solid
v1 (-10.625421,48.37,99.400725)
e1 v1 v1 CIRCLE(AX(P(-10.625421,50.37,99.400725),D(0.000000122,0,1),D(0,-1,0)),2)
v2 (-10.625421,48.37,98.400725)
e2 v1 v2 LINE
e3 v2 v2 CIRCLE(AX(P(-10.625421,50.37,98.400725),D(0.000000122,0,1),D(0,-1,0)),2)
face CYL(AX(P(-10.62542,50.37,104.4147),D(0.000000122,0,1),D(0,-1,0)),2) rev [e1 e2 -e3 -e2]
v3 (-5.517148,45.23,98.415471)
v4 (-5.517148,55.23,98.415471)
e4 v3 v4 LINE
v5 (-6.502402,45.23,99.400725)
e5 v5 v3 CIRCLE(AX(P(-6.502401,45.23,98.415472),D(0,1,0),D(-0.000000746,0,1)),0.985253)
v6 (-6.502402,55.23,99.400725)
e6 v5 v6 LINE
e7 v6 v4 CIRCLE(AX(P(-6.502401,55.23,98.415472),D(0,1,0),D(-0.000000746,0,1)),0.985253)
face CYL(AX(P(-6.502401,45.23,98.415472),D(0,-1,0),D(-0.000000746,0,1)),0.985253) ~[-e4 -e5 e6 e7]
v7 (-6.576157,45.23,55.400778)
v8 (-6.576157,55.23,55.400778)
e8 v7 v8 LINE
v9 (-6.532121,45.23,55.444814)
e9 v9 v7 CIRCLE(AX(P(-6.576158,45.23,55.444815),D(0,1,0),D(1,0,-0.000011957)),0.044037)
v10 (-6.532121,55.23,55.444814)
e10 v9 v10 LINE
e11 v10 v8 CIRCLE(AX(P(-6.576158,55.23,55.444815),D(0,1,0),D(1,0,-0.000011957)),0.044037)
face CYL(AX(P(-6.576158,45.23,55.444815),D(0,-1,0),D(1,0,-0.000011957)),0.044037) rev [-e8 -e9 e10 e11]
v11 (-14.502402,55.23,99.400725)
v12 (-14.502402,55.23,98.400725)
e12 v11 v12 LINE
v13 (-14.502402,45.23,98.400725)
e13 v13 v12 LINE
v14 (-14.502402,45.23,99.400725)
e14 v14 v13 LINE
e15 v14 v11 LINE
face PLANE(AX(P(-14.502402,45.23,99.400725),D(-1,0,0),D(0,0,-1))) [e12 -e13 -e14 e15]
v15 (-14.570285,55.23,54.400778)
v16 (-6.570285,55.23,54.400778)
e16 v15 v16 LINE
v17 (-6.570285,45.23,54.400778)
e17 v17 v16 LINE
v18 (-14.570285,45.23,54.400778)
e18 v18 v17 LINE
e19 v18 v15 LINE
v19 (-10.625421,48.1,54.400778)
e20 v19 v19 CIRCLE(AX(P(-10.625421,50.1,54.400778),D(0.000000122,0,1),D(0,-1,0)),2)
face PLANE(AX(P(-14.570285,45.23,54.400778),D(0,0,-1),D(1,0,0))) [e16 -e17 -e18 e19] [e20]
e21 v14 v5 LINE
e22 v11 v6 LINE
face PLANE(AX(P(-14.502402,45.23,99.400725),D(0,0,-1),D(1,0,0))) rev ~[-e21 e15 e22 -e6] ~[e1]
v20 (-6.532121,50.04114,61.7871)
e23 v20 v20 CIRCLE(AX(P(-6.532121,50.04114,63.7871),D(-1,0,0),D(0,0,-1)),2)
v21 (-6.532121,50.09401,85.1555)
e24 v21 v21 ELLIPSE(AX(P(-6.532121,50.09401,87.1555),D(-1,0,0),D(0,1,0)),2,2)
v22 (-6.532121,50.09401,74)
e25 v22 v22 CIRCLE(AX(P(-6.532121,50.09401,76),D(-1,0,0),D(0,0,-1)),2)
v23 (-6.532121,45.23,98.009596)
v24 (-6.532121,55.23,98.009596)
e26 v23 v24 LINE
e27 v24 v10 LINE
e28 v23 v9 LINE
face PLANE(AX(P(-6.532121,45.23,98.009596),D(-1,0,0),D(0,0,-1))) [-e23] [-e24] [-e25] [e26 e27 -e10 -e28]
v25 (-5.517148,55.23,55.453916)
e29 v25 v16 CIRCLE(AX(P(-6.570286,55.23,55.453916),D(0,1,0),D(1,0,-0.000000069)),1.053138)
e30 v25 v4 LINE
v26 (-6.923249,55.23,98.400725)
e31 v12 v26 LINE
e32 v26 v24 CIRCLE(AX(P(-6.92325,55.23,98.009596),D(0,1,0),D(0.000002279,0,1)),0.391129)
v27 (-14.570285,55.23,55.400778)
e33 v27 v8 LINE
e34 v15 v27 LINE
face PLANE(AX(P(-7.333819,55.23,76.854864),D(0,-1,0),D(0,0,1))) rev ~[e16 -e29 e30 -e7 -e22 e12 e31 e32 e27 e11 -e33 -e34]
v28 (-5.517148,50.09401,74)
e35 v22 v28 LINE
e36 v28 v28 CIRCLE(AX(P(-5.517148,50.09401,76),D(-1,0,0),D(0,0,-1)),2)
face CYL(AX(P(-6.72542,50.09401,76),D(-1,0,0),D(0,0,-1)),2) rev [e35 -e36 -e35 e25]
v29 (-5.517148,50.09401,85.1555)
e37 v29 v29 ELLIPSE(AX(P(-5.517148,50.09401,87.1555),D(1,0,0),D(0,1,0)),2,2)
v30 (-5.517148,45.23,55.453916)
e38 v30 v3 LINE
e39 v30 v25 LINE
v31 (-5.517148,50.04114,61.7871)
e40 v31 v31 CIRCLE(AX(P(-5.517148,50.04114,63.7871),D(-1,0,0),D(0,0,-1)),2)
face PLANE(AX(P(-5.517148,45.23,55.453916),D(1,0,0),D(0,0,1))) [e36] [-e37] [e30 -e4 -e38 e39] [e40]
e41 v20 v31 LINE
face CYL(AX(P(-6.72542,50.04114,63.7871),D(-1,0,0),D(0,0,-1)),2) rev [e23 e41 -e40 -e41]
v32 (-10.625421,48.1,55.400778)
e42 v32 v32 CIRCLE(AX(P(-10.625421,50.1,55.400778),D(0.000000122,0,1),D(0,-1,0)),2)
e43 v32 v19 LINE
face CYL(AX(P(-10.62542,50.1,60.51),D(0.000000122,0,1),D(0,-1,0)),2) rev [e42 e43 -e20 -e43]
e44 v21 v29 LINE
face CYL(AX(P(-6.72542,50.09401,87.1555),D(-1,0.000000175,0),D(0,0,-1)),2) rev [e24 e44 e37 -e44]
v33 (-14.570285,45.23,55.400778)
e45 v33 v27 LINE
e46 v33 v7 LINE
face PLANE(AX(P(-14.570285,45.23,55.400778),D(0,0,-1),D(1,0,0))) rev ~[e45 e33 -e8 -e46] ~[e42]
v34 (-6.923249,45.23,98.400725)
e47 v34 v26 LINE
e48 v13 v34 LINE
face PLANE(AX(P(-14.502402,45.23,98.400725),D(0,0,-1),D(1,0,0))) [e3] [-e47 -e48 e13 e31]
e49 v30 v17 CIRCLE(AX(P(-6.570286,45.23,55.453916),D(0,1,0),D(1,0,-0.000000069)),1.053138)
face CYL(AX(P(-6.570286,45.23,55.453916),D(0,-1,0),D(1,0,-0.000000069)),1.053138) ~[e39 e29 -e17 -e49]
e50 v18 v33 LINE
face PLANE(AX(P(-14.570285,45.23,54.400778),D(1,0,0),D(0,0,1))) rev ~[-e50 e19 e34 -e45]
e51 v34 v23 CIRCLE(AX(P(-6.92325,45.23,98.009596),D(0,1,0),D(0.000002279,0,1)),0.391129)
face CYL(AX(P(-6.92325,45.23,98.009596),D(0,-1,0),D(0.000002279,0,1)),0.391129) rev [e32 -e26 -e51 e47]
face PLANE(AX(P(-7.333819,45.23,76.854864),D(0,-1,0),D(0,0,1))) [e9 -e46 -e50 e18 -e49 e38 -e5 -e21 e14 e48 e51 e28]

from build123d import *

# Parameters (mm, degrees)
CYLINDER030_R               = 2
CYLINDER030_DEPTH           = 10
CYLINDER030_PITCH_ANGLE     = 90
CYLINDER030_PLACEMENT_ANGLE = 7e-06
CYLINDER031_R               = 2
CYLINDER031_DEPTH           = 10
CYLINDER031_PITCH_ANGLE     = 90
CYLINDER031_PLACEMENT_ANGLE = 7e-06
CYLINDER026_R               = 2
CYLINDER026_DEPTH           = 2
CYLINDER026_ROLL_ANGLE      = -88.507054
CYLINDER026_PITCH_ANGLE     = -87.01751
CYLINDER026_PLACEMENT_ANGLE = -92.244015
CYLINDER028_R               = 2
CYLINDER028_DEPTH           = 2
CYLINDER028_PLACEMENT_ANGLE = 90.00001
CYLINDER029_R               = 2
CYLINDER029_DEPTH           = 2
CYLINDER029_ROLL_ANGLE      = 90
CYLINDER027_R               = 2
CYLINDER027_DEPTH           = 2
CYLINDER027_ROLL_ANGLE      = 90
CYLINDER025_R               = 2
CYLINDER025_DEPTH           = 2
CYLINDER025_ROLL_ANGLE      = -88.507054
CYLINDER025_PITCH_ANGLE     = -87.01751
CYLINDER025_PLACEMENT_ANGLE = -92.244015
PAD006_DEPTH                = 10
CUT030_PITCH_ANGLE          = 90
CUT030_PLACEMENT_ANGLE      = 90


with BuildPart() as cylinder030:
    # Cylinder030 → Cylinder030 (new body)
    with BuildSketch(Plane.XY):
        Circle(CYLINDER030_R)
    extrude(amount=CYLINDER030_DEPTH)


with BuildPart() as cylinder030_1:
    # Cylinder030 pitch: moved
    add(cylinder030.part.rotate(Axis((0, 0, 0), (0, 1, 0)), CYLINDER030_PITCH_ANGLE))


with BuildPart() as cylinder030_2:
    # Cylinder030 placement: moved
    add(cylinder030_1.part.moved(Location((15.49, 3.9, 4.87))).rotate(Axis((15.49, 3.9, 4.87), (0, 0, 1)), CYLINDER030_PLACEMENT_ANGLE))


with BuildPart() as cylinder031:
    # Cylinder031 → Cylinder031 (new body)
    with BuildSketch(Plane.XY):
        Circle(CYLINDER031_R)
    extrude(amount=CYLINDER031_DEPTH)


with BuildPart() as cylinder031_1:
    # Cylinder031 pitch: moved
    add(cylinder031.part.rotate(Axis((0, 0, 0), (0, 1, 0)), CYLINDER031_PITCH_ANGLE))


with BuildPart() as cylinder031_2:
    # Cylinder031 placement: moved
    add(cylinder031_1.part.moved(Location((-28.4147, 3.9, 5.14))).rotate(Axis((-28.4147, 3.9, 5.14), (0, 0, 1)), CYLINDER031_PLACEMENT_ANGLE))


with BuildPart() as cylinder026:
    # Cylinder026 → Cylinder026 (new body)
    with BuildSketch(Plane.XY):
        Circle(CYLINDER026_R)
    extrude(amount=CYLINDER026_DEPTH)


with BuildPart() as cylinder026_1:
    # Cylinder026 roll: moved
    add(cylinder026.part.rotate(Axis((0, 0, 0), (1, 0, 0)), CYLINDER026_ROLL_ANGLE))


with BuildPart() as cylinder026_2:
    # Cylinder026 pitch: moved
    add(cylinder026_1.part.rotate(Axis((0, 0, 0), (0, 1, 0)), CYLINDER026_PITCH_ANGLE))


with BuildPart() as cylinder026_3:
    # Cylinder026 placement: moved
    add(cylinder026_2.part.moved(Location((-26, 5.29, 4.9))).rotate(Axis((-26, 5.29, 4.9), (0, 0, 1)), CYLINDER026_PLACEMENT_ANGLE))


with BuildPart() as cylinder028:
    # Cylinder028 → Cylinder028 (new body)
    with BuildSketch(Plane.XY):
        Circle(CYLINDER028_R)
    extrude(amount=CYLINDER028_DEPTH)


with BuildPart() as cylinder028_1:
    # Cylinder028 placement: moved
    add(cylinder028.part.moved(Location((-11.1555, 0, 4.86401))).rotate(Axis((-11.1555, 0, 4.86401), (1, 0, 0)), CYLINDER028_PLACEMENT_ANGLE))


with BuildPart() as cylinder029:
    # Cylinder029 → Cylinder029 (new body)
    with BuildSketch(Plane.XY):
        Circle(CYLINDER029_R)
    extrude(amount=CYLINDER029_DEPTH)


with BuildPart() as cylinder029_1:
    # Cylinder029 roll: moved
    add(cylinder029.part.rotate(Axis((0, 0, 0), (1, 0, 0)), CYLINDER029_ROLL_ANGLE))


with BuildPart() as cylinder029_2:
    # Cylinder029 placement: moved
    add(cylinder029_1.part.moved(Location((0, 0, 4.86401))))


with BuildPart() as cylinder027:
    # Cylinder027 → Cylinder027 (new body)
    with BuildSketch(Plane.XY):
        Circle(CYLINDER027_R)
    extrude(amount=CYLINDER027_DEPTH)


with BuildPart() as cylinder027_1:
    # Cylinder027 roll: moved
    add(cylinder027.part.rotate(Axis((0, 0, 0), (1, 0, 0)), CYLINDER027_ROLL_ANGLE))


with BuildPart() as cylinder027_2:
    # Cylinder027 placement: moved
    add(cylinder027_1.part.moved(Location((12.2129, 0, 4.81114))))


with BuildPart() as cylinder025:
    # Cylinder025 → Cylinder025 (new body)
    with BuildSketch(Plane.XY):
        Circle(CYLINDER025_R)
    extrude(amount=CYLINDER025_DEPTH)


with BuildPart() as cylinder025_1:
    # Cylinder025 roll: moved
    add(cylinder025.part.rotate(Axis((0, 0, 0), (1, 0, 0)), CYLINDER025_ROLL_ANGLE))


with BuildPart() as cylinder025_2:
    # Cylinder025 pitch: moved
    add(cylinder025_1.part.rotate(Axis((0, 0, 0), (0, 1, 0)), CYLINDER025_PITCH_ANGLE))


with BuildPart() as cylinder025_3:
    # Cylinder025 placement: moved
    add(cylinder025_2.part.moved(Location((25, 5.38, 4.9))).rotate(Axis((25, 5.38, 4.9), (0, 0, 1)), CYLINDER025_PLACEMENT_ANGLE))


with BuildPart() as cut030:
    # Sketch007 → Pad006 (new body)
    with BuildSketch(Plane.XY):
        with BuildLine():
            Line((20.546084, -1.208272), (-22.415471, -1.208272))
            ThreePointArc((-23.400725, -0.223018), (-23.112151, -0.919698), (-22.415471, -1.208272))
            Line((-23.400725, 7.776982), (-23.400725, -0.223018))
            Line((-23.400725, 7.776982), (-22.400725, 7.776982))
            Line((-22.400725, 7.776982), (-22.400725, 0.197829))
            ThreePointArc((-22.400725, 0.197829), (-22.286166, -0.07874), (-22.009596, -0.193299))
            Line((-22.009596, -0.193299), (20.555186, -0.193299))
            ThreePointArc((20.555186, -0.193299), (20.586324, -0.180401), (20.599222, -0.149263))
            Line((20.599222, 7.844865), (20.599222, -0.149263))
            Line((21.599222, 7.844865), (20.599222, 7.844865))
            Line((21.599222, 7.844865), (21.599222, -0.155135))
            ThreePointArc((20.546084, -1.208272), (21.290765, -0.899815), (21.599222, -0.155135))
        make_face()
    extrude(amount=PAD006_DEPTH)

    # Cut005: cut Cylinder025
    add(cylinder025_3.part, mode=Mode.SUBTRACT)

    # Cut006: cut Cylinder027
    add(cylinder027_2.part, mode=Mode.SUBTRACT)

    # Cut007: cut Cylinder029
    add(cylinder029_2.part, mode=Mode.SUBTRACT)

    # Cut008: cut Cylinder028
    add(cylinder028_1.part, mode=Mode.SUBTRACT)

    # Cut009: cut Cylinder026
    add(cylinder026_3.part, mode=Mode.SUBTRACT)

    # Cut018: cut Cylinder031
    add(cylinder031_2.part, mode=Mode.SUBTRACT)

    # Cut030: cut Cylinder030
    add(cylinder030_2.part, mode=Mode.SUBTRACT)


with BuildPart() as cut030_1:
    # Cut030 pitch: moved
    add(cut030.part.rotate(Axis((0, 0, 0), (0, 1, 0)), CUT030_PITCH_ANGLE))


with BuildPart() as cut030_2:
    # Cut030 placement: moved
    add(cut030_1.part.moved(Location((-6.72542, 45.23, 76))).rotate(Axis((-6.72542, 45.23, 76), (0, 0, 1)), CUT030_PLACEMENT_ANGLE))


solid = cut030_2.part
